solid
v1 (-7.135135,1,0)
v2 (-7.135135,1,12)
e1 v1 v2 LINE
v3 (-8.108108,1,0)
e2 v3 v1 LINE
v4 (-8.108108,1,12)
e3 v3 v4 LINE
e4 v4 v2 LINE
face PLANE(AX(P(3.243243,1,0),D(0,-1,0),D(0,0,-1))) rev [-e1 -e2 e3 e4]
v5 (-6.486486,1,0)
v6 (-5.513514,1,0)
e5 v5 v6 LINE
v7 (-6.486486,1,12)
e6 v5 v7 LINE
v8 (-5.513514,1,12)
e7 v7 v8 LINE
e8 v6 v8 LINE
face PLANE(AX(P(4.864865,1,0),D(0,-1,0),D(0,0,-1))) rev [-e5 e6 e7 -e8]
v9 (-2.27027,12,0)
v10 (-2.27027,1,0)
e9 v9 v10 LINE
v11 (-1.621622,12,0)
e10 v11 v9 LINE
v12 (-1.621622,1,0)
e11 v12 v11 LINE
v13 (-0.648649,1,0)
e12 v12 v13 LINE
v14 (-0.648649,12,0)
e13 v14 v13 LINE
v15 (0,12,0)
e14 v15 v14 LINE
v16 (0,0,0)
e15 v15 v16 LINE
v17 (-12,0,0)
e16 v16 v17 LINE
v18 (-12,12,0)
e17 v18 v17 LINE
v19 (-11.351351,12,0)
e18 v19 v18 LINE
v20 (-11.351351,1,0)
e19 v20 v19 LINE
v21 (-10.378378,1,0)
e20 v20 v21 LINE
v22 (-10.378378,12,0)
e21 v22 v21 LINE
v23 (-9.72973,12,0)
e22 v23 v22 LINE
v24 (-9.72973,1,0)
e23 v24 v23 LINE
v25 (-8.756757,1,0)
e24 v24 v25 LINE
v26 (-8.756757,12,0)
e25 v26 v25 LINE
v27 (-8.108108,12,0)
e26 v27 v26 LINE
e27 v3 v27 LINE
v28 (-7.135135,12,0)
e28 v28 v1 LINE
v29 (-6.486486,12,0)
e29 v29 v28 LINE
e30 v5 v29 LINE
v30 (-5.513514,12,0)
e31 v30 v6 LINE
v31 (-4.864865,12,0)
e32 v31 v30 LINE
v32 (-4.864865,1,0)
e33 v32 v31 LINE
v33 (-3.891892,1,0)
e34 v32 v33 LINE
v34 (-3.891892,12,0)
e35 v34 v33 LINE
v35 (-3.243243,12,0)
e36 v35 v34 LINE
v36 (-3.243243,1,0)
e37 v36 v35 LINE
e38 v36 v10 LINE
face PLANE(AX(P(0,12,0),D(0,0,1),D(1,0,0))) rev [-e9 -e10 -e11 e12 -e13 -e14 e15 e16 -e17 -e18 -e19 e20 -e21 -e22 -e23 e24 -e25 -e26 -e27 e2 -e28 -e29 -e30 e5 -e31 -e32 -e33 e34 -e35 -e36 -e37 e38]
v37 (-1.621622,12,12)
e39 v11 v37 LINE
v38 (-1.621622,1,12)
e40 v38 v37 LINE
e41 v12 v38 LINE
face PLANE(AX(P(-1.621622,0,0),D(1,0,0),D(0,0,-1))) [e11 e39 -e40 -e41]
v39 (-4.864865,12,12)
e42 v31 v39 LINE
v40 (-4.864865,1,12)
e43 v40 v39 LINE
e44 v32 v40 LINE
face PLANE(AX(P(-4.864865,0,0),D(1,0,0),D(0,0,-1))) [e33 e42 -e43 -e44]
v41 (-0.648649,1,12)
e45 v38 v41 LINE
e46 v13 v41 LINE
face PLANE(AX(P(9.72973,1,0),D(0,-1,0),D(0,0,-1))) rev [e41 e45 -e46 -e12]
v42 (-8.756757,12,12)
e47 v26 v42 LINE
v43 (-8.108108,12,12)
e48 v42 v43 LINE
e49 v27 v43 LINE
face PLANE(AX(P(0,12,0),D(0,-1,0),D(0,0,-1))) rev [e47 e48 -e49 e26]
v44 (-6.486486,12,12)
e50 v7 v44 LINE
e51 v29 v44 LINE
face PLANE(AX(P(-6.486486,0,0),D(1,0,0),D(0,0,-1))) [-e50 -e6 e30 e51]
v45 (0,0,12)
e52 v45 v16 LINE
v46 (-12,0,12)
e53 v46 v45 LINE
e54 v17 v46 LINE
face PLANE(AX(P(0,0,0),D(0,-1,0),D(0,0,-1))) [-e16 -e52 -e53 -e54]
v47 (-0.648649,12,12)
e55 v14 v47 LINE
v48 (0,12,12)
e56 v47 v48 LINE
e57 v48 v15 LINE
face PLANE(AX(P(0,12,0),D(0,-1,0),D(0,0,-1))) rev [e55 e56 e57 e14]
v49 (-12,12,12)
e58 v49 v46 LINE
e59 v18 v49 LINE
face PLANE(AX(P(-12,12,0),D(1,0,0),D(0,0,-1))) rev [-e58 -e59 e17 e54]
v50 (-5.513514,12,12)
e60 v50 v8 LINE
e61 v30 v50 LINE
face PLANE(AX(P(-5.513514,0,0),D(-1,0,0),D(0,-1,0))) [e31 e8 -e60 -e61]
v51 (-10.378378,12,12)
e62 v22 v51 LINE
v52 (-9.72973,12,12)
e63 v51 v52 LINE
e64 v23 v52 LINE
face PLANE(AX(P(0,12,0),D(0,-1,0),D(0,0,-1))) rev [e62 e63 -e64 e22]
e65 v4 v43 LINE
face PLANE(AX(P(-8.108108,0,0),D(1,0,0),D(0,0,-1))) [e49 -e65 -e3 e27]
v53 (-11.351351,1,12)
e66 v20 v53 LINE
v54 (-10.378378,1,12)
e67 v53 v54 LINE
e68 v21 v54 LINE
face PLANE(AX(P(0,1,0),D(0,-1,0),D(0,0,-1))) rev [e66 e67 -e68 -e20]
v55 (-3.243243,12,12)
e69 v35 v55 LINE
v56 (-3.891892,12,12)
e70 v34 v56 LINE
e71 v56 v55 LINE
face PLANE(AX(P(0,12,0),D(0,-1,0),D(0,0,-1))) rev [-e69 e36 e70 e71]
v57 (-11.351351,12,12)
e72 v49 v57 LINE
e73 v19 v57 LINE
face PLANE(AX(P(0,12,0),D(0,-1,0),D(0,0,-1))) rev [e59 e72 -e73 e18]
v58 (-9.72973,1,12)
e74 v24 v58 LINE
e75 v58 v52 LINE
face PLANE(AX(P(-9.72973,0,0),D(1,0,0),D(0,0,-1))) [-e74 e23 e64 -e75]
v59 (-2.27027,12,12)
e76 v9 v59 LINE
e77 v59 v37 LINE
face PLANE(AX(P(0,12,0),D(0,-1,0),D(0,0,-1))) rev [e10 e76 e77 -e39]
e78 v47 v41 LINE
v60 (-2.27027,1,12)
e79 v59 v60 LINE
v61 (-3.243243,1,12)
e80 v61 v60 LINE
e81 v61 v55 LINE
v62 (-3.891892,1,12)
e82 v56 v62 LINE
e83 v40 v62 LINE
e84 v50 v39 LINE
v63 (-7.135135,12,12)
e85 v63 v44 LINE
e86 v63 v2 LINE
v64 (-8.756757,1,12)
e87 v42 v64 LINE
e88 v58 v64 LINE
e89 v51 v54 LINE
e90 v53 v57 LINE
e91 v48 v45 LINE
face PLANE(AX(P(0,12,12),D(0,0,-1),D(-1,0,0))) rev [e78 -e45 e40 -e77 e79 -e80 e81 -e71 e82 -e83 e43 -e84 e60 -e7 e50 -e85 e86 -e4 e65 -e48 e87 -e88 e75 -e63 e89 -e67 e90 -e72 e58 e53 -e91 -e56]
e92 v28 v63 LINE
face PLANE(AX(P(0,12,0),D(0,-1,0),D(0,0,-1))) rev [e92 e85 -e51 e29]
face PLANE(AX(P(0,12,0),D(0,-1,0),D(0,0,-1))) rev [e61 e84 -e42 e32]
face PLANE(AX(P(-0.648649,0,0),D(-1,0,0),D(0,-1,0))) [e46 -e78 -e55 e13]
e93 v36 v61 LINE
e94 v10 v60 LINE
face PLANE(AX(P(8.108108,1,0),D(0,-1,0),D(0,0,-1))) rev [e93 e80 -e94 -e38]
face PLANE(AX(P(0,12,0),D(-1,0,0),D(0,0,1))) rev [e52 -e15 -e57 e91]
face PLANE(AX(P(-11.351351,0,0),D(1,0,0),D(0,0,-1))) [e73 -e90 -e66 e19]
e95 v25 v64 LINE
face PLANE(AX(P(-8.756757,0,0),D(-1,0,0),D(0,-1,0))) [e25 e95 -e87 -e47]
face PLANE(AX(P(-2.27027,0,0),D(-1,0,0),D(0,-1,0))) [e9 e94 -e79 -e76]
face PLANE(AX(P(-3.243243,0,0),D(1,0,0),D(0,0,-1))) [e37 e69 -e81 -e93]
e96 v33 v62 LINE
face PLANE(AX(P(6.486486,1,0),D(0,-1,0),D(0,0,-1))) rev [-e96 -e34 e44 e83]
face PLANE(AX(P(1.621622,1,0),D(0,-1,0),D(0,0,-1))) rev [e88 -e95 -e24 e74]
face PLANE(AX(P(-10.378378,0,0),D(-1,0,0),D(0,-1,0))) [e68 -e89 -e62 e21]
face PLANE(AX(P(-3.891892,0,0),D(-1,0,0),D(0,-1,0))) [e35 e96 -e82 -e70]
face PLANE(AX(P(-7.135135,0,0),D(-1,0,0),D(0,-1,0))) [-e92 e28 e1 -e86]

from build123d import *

# Parameters (mm, degrees)
SKETCH1_W           = 12
SKETCH1_H           = 12
BOSS_EXTRUDE1_DEPTH = 12
SKETCH2_W           = 0.972972973
SKETCH2_H           = 11
CUT_EXTRUDE1_DEPTH  = 21.784609691
LPATTERN1_COUNT     = 7
LPATTERN1_PITCH     = 1.621621622


with BuildPart() as part:
    # Sketch1 → Boss-Extrude1 (new body)
    with BuildSketch(Plane(origin=(0, 0, 0), x_dir=(1, 0, 0), z_dir=(0, 1, 0))):
        with Locations((-6, -6)):
            Rectangle(SKETCH1_W, SKETCH1_H)
    extrude(amount=BOSS_EXTRUDE1_DEPTH)

    # Sketch2 → Cut-Extrude1 (cut, through all)
    with BuildSketch(Plane.XY.offset(12)):
        with Locations((-10.864864864, 6.5)):
            Rectangle(SKETCH2_W, SKETCH2_H)
    cut_extrude1 = extrude(amount=-CUT_EXTRUDE1_DEPTH, mode=Mode.SUBTRACT)

    # LPattern1: Cut-Extrude1 ×7
    with Locations(*[(i * LPATTERN1_PITCH, 0, 0) for i in range(1, LPATTERN1_COUNT)]):
        add(cut_extrude1, mode=Mode.SUBTRACT)


solid = part.part
